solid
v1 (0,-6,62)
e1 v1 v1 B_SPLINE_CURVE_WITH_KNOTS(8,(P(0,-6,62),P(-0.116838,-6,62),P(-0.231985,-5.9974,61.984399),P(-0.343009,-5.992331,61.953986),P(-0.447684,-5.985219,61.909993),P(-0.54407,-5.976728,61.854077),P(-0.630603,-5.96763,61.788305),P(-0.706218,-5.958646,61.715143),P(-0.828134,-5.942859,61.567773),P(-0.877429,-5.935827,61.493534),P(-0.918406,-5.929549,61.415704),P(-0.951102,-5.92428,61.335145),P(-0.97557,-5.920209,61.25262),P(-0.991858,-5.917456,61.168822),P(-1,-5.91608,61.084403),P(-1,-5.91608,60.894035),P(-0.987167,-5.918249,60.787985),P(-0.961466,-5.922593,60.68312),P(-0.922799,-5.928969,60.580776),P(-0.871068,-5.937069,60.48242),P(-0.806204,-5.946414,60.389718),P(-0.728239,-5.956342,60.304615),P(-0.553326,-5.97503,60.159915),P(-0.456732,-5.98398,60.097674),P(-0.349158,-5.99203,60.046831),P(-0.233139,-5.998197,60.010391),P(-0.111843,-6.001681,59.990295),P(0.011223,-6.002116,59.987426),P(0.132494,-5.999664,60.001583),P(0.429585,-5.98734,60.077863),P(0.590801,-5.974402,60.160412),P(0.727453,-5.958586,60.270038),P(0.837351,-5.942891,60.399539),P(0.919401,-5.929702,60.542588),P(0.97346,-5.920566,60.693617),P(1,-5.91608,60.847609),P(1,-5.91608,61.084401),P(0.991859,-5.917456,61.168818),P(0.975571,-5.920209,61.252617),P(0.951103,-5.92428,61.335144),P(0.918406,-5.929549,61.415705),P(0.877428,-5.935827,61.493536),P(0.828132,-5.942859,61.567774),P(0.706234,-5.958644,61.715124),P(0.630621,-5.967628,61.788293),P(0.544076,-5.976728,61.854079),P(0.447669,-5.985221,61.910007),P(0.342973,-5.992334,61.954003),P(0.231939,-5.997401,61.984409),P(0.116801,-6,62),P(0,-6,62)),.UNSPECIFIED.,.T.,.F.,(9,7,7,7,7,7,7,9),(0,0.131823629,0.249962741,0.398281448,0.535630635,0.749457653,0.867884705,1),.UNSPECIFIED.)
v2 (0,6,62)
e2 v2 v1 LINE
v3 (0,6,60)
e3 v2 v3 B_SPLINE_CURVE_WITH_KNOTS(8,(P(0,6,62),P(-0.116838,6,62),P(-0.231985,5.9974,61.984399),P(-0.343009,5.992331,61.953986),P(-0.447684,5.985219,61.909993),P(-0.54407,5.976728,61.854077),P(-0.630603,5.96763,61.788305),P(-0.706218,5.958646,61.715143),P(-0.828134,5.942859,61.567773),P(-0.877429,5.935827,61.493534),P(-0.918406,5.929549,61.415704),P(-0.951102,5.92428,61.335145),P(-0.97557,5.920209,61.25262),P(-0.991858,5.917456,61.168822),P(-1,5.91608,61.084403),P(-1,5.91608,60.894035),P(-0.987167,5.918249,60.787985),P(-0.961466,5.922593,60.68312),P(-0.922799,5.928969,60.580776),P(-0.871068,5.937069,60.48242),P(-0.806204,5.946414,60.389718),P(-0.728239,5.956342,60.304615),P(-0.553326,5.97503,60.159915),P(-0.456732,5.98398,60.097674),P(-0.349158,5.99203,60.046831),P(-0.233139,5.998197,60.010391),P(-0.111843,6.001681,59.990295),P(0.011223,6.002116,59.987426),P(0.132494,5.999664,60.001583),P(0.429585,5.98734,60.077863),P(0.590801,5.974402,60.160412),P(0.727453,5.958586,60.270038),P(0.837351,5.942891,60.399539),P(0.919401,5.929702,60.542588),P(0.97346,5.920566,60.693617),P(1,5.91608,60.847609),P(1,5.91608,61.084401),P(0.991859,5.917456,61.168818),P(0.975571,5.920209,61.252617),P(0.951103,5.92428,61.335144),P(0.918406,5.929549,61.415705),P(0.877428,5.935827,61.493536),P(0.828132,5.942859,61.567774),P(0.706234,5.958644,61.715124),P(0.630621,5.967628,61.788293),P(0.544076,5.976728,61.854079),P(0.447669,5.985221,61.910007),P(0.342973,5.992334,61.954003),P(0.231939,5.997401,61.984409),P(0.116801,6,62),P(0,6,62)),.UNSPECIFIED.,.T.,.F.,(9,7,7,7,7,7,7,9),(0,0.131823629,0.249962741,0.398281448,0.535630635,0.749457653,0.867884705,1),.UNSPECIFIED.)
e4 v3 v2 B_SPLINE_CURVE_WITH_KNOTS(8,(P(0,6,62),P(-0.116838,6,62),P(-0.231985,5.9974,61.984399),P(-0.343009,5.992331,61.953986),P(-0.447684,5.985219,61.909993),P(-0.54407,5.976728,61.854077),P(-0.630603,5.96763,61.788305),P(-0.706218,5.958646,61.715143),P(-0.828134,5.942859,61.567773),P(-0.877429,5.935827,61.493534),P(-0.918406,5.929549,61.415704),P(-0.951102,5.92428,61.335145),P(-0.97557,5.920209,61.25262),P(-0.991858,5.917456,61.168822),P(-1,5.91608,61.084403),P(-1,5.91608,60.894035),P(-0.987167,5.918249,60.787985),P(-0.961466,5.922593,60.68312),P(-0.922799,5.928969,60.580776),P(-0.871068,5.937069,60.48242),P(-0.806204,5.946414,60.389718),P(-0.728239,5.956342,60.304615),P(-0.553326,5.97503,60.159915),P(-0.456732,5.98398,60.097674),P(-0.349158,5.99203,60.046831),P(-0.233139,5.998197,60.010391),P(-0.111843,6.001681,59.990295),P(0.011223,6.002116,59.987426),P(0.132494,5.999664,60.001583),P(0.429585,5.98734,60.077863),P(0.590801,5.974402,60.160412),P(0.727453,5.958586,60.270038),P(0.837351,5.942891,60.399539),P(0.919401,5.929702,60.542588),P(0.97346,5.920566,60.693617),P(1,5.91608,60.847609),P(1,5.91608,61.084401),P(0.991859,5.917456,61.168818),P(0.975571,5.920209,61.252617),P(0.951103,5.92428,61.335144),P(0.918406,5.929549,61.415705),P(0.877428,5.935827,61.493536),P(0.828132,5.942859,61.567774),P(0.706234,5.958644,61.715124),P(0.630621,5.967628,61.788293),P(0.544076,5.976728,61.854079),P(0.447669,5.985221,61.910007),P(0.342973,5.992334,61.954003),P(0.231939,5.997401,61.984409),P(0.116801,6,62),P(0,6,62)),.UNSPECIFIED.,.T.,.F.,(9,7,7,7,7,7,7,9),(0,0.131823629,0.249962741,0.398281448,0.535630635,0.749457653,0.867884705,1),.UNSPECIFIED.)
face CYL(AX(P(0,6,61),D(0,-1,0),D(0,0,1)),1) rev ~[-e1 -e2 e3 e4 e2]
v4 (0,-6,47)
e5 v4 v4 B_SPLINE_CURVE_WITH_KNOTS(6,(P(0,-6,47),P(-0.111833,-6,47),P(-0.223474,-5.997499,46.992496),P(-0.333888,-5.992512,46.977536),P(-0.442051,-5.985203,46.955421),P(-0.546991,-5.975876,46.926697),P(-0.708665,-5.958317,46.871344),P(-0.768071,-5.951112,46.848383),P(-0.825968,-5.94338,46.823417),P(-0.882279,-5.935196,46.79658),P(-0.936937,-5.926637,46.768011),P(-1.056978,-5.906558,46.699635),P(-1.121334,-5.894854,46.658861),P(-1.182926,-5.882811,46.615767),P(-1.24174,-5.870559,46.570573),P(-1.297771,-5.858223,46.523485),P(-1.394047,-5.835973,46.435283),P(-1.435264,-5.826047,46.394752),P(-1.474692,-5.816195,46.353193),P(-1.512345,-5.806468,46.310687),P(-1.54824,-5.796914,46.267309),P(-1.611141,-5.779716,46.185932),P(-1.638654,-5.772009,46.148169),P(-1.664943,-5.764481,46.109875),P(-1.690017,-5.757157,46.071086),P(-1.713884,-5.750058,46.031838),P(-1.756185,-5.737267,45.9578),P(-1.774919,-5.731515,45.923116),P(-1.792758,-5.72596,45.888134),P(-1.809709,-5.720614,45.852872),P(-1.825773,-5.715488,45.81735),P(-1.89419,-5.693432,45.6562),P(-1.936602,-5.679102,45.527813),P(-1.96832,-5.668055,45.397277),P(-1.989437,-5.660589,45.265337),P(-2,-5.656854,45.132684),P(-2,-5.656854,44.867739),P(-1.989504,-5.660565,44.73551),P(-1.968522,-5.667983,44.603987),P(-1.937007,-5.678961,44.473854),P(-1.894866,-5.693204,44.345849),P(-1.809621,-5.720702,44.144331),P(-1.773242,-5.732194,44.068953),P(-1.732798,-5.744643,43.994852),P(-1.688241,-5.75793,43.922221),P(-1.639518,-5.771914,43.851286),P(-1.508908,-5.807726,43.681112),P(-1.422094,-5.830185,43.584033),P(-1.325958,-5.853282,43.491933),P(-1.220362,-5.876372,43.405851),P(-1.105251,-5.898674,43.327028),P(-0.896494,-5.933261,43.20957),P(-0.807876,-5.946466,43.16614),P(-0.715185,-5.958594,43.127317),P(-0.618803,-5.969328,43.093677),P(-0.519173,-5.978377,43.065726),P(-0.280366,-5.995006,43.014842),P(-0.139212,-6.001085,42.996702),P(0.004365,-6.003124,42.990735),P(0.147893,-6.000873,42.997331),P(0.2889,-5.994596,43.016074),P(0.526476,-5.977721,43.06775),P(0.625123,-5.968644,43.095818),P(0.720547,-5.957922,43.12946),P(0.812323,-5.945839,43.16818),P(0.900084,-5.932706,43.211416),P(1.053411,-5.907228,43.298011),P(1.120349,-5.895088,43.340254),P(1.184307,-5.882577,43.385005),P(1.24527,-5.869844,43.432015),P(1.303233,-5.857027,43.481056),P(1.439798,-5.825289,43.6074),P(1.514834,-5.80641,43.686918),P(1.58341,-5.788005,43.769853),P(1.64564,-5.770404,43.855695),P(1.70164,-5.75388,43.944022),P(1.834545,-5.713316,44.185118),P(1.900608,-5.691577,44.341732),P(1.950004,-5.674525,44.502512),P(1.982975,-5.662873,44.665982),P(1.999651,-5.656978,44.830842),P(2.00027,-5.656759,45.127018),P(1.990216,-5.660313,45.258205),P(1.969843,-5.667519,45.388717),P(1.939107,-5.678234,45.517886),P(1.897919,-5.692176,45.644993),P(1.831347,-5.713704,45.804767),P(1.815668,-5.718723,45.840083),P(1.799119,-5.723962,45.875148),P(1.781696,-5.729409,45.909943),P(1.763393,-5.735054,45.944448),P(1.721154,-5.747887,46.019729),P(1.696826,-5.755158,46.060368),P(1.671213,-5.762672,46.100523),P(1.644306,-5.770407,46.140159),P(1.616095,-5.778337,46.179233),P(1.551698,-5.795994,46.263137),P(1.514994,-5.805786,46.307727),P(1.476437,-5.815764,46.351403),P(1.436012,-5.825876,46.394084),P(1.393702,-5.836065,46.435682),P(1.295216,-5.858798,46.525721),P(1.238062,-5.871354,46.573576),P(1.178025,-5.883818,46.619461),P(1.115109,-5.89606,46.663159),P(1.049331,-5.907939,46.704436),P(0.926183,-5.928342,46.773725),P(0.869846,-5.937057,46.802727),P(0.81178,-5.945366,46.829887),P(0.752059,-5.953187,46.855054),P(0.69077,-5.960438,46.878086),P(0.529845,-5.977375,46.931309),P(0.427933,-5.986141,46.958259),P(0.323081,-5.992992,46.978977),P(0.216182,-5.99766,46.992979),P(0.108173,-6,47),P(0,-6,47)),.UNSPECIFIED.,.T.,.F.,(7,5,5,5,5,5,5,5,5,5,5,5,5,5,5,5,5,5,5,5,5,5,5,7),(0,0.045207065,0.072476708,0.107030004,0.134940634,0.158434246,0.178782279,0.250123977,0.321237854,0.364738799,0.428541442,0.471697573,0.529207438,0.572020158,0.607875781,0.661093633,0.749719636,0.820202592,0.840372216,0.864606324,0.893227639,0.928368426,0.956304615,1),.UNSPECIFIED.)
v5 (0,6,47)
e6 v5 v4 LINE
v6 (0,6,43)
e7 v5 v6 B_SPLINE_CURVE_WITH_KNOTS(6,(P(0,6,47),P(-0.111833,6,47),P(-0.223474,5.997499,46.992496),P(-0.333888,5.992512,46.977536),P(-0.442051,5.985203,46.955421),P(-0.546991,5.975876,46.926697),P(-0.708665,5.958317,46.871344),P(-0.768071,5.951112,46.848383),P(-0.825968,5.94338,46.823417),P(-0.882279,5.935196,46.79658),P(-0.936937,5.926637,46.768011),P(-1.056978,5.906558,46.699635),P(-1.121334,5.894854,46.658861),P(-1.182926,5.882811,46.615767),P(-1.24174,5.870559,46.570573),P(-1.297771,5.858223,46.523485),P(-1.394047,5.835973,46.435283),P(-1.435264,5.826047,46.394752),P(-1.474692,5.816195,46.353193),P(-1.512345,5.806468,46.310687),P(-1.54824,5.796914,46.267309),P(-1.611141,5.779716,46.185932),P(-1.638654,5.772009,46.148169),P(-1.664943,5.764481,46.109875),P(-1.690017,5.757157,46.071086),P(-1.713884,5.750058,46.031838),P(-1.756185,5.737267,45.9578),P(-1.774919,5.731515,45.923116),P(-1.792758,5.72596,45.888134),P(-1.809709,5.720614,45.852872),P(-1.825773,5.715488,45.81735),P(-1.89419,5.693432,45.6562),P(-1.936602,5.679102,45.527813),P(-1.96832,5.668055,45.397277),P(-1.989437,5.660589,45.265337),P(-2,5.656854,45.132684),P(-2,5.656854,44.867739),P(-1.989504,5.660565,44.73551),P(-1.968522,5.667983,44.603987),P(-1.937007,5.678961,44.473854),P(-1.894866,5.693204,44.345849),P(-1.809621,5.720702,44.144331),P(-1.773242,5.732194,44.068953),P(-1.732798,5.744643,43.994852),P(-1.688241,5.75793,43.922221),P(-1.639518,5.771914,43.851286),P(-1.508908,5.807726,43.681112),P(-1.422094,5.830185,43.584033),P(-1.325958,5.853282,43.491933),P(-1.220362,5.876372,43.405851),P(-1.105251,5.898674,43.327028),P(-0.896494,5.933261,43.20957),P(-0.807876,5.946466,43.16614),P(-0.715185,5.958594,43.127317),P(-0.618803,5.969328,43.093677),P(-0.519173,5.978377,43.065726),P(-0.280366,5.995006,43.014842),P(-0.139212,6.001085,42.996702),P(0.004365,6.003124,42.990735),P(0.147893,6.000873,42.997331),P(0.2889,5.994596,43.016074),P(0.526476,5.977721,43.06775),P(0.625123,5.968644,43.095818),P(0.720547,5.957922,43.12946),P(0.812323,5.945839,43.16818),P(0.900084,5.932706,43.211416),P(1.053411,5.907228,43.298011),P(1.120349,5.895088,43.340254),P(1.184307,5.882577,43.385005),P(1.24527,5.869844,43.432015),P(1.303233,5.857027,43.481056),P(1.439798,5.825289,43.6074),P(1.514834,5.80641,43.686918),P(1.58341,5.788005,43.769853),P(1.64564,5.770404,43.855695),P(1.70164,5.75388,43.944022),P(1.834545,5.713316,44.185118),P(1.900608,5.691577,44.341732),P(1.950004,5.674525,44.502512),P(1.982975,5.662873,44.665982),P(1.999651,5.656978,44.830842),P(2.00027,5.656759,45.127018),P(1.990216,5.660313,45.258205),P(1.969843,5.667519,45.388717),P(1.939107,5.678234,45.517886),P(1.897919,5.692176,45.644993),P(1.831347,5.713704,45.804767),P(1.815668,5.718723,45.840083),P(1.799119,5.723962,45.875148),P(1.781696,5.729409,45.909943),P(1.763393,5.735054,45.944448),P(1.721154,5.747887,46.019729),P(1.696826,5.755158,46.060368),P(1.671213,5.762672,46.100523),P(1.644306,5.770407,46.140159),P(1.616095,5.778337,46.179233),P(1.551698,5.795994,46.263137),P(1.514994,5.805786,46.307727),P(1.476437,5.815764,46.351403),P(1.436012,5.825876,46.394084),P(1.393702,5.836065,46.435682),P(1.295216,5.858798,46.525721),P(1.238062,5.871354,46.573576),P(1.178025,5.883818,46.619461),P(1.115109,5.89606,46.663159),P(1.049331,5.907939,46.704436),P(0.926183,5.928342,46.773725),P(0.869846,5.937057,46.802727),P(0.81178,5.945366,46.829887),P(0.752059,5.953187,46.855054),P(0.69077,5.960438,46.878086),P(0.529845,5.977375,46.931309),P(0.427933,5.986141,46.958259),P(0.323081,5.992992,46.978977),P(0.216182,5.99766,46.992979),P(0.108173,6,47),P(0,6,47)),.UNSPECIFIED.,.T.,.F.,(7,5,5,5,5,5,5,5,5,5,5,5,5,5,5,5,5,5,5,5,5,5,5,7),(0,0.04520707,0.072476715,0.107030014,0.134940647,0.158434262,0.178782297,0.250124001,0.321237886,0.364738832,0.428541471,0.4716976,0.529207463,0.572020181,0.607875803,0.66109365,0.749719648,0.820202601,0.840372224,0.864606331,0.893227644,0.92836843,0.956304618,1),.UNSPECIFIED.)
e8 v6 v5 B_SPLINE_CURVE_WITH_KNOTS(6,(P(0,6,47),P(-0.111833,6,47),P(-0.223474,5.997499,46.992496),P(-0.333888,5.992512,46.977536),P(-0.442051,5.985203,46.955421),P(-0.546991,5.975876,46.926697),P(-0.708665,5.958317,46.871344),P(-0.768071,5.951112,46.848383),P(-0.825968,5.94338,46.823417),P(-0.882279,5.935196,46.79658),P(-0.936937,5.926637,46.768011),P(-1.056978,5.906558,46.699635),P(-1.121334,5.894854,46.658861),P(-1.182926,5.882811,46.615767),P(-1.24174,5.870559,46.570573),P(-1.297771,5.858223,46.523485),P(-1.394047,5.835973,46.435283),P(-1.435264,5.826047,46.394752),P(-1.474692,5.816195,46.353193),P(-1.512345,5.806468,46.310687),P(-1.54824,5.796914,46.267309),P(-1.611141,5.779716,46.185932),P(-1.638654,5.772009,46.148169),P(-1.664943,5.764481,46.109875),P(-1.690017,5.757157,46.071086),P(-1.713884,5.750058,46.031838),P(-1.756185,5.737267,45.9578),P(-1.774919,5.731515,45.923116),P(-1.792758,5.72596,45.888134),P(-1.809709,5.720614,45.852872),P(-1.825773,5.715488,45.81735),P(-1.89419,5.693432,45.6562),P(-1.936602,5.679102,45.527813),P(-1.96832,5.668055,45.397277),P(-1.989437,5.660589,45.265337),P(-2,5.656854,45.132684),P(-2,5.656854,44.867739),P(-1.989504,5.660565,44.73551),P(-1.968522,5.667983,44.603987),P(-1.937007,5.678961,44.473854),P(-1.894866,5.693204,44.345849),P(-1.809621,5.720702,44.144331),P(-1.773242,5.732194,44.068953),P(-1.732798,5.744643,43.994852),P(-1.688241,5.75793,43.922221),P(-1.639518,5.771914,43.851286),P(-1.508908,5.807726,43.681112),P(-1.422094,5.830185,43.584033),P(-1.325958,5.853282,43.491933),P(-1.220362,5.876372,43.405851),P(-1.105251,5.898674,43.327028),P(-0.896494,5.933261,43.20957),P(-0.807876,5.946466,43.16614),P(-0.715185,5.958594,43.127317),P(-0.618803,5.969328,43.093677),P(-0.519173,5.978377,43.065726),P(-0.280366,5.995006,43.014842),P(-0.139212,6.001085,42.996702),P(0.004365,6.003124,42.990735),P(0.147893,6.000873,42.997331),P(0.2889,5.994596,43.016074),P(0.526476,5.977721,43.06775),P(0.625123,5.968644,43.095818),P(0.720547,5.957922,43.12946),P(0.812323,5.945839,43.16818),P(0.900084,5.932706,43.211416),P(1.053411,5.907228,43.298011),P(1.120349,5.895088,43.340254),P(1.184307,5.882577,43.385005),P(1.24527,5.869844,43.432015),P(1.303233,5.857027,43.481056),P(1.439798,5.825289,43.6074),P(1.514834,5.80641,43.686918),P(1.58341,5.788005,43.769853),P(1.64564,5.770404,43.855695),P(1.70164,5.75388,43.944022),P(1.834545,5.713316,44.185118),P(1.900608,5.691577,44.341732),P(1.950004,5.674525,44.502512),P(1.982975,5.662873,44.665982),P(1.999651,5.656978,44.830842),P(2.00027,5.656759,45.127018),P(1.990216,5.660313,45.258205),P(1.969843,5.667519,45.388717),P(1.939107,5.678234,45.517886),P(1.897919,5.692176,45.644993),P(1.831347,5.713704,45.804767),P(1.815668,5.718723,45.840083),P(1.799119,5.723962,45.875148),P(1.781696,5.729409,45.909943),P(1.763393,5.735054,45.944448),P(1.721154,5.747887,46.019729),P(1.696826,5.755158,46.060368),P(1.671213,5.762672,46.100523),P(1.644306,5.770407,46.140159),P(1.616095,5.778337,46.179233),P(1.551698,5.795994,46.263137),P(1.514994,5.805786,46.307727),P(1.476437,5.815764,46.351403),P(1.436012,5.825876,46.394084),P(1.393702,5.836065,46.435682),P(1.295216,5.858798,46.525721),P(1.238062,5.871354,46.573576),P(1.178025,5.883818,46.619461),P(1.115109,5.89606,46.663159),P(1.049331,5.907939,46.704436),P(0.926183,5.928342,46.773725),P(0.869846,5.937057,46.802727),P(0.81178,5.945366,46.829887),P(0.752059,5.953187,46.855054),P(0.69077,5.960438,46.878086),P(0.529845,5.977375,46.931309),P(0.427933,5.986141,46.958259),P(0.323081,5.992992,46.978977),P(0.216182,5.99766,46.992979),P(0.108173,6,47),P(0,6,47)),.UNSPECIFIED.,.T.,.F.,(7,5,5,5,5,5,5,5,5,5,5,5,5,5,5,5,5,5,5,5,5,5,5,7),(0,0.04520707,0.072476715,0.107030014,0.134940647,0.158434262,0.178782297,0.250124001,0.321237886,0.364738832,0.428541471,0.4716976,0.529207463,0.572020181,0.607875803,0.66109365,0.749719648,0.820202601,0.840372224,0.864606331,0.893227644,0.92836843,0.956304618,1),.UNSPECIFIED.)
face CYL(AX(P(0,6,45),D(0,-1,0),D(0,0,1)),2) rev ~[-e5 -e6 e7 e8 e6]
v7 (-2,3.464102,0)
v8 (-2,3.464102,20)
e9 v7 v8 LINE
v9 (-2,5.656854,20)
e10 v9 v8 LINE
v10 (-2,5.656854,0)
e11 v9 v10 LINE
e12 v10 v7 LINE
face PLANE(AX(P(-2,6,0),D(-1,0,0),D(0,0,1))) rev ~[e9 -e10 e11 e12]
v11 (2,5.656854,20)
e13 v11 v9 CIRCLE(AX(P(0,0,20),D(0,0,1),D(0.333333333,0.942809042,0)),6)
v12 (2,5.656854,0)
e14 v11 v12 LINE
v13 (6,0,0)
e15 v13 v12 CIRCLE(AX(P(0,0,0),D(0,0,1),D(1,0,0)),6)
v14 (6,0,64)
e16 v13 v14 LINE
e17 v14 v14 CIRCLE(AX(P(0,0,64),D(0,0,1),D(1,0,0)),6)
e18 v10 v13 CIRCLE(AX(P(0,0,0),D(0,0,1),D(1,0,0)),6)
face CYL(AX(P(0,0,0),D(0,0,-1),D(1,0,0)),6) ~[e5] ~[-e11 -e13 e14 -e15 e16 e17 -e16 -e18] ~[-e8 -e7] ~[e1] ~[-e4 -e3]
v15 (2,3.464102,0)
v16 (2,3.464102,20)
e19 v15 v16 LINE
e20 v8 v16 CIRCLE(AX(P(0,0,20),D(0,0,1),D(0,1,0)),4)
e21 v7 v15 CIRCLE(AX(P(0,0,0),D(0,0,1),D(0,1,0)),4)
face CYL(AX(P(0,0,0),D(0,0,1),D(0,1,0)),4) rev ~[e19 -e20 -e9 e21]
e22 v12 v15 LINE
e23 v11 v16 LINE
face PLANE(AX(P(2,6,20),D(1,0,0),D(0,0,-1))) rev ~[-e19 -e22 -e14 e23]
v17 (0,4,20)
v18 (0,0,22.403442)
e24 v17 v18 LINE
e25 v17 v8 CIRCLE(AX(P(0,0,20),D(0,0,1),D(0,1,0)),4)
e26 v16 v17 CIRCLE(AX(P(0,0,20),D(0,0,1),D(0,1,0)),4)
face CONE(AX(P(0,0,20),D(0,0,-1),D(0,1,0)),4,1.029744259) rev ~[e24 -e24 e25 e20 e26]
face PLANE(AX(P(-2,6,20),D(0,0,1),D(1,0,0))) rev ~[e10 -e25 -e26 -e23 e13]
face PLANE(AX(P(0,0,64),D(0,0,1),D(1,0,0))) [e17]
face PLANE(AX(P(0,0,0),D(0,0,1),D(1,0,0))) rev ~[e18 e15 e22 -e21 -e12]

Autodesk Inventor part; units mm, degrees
ref_plane "YZ Plane" through (0, 0, 0) normal (1, 0, 0) x (0, 1, 0)
ref_plane "XY Plane" through (0, 0, 0) normal (0, 0, 1) x (1, 0, 0)
sketch "スケッチ1" plane through (0, 0, 0) normal (0, 0, 1) x (1, 0, 0)
  circle A0 centre (0, 0) radius 6
  dimension "d0" = 12
extrude "押し出し1" add sketch "スケッチ1" along normal blind 64
ref_plane "作業平面1" through (0, 6, 0) normal (0, 1, 0) x (-1, 0, 0)
sketch "スケッチ2" plane through (0, 6, 0) normal (0, 1, 0) x (-1, 0, 0)
  line L0 (0, 0) -> (2, 0)
  line L1 (2, 0) -> (2, 20)
  line L2 (2, 20) -> (0, 20)
  line L3 (0, 20) -> (0, 0)
  line L4 (6, 0) -> (-6, 0) projected
  line L5 (0, 20) -> (-2, 20)
  line L6 (-2, 20) -> (-2, 0)
  line L7 (-2, 0) -> (0, 0)
  line L8 (0, 0) -> (0, 20)
  dimension "d3" = 2
  dimension "d4" = 20
  dimension "d5" = 2
  dimension "d31" = 4
extrude "押し出し2" cut sketch "スケッチ2" against normal blind 6
sketch "スケッチ3" plane through (0, 0, 0) normal (0, 0, -1) x (-1, 0, 0)
  point P0 (0, 0)
  point P1 (0, 0)
hole "穴1" at (0, 0, 0) direction (0, 0, 1) diameter 8 depth 20 tip angle 118
sketch "スケッチ4" plane through (0, 6, 0) normal (0, 1, 0) x (-1, 0, 0)
  line L0 (2, 20) -> (-2, 20) projected
  point P0 (0, 0)
  point P1 (0, 45)
  dimension "d15" = 25
hole "穴2" at (0, 6, 45) direction (0, -1, 0) diameter 4 end through all
sketch "スケッチ5" plane through (0, 6, 0) normal (0, 1, 0) x (-1, 0, 0)
  line L0 (6, 64) -> (-6, 64) projected
  point P0 (0, 0)
  point P1 (0, 61)
  dimension "d23" = 3
hole "穴3" at (0, 6, 61) direction (0, -1, 0) diameter 2 end through all
properties part number "small_bar_motor" material "アルミニウム 6061-AHC"
